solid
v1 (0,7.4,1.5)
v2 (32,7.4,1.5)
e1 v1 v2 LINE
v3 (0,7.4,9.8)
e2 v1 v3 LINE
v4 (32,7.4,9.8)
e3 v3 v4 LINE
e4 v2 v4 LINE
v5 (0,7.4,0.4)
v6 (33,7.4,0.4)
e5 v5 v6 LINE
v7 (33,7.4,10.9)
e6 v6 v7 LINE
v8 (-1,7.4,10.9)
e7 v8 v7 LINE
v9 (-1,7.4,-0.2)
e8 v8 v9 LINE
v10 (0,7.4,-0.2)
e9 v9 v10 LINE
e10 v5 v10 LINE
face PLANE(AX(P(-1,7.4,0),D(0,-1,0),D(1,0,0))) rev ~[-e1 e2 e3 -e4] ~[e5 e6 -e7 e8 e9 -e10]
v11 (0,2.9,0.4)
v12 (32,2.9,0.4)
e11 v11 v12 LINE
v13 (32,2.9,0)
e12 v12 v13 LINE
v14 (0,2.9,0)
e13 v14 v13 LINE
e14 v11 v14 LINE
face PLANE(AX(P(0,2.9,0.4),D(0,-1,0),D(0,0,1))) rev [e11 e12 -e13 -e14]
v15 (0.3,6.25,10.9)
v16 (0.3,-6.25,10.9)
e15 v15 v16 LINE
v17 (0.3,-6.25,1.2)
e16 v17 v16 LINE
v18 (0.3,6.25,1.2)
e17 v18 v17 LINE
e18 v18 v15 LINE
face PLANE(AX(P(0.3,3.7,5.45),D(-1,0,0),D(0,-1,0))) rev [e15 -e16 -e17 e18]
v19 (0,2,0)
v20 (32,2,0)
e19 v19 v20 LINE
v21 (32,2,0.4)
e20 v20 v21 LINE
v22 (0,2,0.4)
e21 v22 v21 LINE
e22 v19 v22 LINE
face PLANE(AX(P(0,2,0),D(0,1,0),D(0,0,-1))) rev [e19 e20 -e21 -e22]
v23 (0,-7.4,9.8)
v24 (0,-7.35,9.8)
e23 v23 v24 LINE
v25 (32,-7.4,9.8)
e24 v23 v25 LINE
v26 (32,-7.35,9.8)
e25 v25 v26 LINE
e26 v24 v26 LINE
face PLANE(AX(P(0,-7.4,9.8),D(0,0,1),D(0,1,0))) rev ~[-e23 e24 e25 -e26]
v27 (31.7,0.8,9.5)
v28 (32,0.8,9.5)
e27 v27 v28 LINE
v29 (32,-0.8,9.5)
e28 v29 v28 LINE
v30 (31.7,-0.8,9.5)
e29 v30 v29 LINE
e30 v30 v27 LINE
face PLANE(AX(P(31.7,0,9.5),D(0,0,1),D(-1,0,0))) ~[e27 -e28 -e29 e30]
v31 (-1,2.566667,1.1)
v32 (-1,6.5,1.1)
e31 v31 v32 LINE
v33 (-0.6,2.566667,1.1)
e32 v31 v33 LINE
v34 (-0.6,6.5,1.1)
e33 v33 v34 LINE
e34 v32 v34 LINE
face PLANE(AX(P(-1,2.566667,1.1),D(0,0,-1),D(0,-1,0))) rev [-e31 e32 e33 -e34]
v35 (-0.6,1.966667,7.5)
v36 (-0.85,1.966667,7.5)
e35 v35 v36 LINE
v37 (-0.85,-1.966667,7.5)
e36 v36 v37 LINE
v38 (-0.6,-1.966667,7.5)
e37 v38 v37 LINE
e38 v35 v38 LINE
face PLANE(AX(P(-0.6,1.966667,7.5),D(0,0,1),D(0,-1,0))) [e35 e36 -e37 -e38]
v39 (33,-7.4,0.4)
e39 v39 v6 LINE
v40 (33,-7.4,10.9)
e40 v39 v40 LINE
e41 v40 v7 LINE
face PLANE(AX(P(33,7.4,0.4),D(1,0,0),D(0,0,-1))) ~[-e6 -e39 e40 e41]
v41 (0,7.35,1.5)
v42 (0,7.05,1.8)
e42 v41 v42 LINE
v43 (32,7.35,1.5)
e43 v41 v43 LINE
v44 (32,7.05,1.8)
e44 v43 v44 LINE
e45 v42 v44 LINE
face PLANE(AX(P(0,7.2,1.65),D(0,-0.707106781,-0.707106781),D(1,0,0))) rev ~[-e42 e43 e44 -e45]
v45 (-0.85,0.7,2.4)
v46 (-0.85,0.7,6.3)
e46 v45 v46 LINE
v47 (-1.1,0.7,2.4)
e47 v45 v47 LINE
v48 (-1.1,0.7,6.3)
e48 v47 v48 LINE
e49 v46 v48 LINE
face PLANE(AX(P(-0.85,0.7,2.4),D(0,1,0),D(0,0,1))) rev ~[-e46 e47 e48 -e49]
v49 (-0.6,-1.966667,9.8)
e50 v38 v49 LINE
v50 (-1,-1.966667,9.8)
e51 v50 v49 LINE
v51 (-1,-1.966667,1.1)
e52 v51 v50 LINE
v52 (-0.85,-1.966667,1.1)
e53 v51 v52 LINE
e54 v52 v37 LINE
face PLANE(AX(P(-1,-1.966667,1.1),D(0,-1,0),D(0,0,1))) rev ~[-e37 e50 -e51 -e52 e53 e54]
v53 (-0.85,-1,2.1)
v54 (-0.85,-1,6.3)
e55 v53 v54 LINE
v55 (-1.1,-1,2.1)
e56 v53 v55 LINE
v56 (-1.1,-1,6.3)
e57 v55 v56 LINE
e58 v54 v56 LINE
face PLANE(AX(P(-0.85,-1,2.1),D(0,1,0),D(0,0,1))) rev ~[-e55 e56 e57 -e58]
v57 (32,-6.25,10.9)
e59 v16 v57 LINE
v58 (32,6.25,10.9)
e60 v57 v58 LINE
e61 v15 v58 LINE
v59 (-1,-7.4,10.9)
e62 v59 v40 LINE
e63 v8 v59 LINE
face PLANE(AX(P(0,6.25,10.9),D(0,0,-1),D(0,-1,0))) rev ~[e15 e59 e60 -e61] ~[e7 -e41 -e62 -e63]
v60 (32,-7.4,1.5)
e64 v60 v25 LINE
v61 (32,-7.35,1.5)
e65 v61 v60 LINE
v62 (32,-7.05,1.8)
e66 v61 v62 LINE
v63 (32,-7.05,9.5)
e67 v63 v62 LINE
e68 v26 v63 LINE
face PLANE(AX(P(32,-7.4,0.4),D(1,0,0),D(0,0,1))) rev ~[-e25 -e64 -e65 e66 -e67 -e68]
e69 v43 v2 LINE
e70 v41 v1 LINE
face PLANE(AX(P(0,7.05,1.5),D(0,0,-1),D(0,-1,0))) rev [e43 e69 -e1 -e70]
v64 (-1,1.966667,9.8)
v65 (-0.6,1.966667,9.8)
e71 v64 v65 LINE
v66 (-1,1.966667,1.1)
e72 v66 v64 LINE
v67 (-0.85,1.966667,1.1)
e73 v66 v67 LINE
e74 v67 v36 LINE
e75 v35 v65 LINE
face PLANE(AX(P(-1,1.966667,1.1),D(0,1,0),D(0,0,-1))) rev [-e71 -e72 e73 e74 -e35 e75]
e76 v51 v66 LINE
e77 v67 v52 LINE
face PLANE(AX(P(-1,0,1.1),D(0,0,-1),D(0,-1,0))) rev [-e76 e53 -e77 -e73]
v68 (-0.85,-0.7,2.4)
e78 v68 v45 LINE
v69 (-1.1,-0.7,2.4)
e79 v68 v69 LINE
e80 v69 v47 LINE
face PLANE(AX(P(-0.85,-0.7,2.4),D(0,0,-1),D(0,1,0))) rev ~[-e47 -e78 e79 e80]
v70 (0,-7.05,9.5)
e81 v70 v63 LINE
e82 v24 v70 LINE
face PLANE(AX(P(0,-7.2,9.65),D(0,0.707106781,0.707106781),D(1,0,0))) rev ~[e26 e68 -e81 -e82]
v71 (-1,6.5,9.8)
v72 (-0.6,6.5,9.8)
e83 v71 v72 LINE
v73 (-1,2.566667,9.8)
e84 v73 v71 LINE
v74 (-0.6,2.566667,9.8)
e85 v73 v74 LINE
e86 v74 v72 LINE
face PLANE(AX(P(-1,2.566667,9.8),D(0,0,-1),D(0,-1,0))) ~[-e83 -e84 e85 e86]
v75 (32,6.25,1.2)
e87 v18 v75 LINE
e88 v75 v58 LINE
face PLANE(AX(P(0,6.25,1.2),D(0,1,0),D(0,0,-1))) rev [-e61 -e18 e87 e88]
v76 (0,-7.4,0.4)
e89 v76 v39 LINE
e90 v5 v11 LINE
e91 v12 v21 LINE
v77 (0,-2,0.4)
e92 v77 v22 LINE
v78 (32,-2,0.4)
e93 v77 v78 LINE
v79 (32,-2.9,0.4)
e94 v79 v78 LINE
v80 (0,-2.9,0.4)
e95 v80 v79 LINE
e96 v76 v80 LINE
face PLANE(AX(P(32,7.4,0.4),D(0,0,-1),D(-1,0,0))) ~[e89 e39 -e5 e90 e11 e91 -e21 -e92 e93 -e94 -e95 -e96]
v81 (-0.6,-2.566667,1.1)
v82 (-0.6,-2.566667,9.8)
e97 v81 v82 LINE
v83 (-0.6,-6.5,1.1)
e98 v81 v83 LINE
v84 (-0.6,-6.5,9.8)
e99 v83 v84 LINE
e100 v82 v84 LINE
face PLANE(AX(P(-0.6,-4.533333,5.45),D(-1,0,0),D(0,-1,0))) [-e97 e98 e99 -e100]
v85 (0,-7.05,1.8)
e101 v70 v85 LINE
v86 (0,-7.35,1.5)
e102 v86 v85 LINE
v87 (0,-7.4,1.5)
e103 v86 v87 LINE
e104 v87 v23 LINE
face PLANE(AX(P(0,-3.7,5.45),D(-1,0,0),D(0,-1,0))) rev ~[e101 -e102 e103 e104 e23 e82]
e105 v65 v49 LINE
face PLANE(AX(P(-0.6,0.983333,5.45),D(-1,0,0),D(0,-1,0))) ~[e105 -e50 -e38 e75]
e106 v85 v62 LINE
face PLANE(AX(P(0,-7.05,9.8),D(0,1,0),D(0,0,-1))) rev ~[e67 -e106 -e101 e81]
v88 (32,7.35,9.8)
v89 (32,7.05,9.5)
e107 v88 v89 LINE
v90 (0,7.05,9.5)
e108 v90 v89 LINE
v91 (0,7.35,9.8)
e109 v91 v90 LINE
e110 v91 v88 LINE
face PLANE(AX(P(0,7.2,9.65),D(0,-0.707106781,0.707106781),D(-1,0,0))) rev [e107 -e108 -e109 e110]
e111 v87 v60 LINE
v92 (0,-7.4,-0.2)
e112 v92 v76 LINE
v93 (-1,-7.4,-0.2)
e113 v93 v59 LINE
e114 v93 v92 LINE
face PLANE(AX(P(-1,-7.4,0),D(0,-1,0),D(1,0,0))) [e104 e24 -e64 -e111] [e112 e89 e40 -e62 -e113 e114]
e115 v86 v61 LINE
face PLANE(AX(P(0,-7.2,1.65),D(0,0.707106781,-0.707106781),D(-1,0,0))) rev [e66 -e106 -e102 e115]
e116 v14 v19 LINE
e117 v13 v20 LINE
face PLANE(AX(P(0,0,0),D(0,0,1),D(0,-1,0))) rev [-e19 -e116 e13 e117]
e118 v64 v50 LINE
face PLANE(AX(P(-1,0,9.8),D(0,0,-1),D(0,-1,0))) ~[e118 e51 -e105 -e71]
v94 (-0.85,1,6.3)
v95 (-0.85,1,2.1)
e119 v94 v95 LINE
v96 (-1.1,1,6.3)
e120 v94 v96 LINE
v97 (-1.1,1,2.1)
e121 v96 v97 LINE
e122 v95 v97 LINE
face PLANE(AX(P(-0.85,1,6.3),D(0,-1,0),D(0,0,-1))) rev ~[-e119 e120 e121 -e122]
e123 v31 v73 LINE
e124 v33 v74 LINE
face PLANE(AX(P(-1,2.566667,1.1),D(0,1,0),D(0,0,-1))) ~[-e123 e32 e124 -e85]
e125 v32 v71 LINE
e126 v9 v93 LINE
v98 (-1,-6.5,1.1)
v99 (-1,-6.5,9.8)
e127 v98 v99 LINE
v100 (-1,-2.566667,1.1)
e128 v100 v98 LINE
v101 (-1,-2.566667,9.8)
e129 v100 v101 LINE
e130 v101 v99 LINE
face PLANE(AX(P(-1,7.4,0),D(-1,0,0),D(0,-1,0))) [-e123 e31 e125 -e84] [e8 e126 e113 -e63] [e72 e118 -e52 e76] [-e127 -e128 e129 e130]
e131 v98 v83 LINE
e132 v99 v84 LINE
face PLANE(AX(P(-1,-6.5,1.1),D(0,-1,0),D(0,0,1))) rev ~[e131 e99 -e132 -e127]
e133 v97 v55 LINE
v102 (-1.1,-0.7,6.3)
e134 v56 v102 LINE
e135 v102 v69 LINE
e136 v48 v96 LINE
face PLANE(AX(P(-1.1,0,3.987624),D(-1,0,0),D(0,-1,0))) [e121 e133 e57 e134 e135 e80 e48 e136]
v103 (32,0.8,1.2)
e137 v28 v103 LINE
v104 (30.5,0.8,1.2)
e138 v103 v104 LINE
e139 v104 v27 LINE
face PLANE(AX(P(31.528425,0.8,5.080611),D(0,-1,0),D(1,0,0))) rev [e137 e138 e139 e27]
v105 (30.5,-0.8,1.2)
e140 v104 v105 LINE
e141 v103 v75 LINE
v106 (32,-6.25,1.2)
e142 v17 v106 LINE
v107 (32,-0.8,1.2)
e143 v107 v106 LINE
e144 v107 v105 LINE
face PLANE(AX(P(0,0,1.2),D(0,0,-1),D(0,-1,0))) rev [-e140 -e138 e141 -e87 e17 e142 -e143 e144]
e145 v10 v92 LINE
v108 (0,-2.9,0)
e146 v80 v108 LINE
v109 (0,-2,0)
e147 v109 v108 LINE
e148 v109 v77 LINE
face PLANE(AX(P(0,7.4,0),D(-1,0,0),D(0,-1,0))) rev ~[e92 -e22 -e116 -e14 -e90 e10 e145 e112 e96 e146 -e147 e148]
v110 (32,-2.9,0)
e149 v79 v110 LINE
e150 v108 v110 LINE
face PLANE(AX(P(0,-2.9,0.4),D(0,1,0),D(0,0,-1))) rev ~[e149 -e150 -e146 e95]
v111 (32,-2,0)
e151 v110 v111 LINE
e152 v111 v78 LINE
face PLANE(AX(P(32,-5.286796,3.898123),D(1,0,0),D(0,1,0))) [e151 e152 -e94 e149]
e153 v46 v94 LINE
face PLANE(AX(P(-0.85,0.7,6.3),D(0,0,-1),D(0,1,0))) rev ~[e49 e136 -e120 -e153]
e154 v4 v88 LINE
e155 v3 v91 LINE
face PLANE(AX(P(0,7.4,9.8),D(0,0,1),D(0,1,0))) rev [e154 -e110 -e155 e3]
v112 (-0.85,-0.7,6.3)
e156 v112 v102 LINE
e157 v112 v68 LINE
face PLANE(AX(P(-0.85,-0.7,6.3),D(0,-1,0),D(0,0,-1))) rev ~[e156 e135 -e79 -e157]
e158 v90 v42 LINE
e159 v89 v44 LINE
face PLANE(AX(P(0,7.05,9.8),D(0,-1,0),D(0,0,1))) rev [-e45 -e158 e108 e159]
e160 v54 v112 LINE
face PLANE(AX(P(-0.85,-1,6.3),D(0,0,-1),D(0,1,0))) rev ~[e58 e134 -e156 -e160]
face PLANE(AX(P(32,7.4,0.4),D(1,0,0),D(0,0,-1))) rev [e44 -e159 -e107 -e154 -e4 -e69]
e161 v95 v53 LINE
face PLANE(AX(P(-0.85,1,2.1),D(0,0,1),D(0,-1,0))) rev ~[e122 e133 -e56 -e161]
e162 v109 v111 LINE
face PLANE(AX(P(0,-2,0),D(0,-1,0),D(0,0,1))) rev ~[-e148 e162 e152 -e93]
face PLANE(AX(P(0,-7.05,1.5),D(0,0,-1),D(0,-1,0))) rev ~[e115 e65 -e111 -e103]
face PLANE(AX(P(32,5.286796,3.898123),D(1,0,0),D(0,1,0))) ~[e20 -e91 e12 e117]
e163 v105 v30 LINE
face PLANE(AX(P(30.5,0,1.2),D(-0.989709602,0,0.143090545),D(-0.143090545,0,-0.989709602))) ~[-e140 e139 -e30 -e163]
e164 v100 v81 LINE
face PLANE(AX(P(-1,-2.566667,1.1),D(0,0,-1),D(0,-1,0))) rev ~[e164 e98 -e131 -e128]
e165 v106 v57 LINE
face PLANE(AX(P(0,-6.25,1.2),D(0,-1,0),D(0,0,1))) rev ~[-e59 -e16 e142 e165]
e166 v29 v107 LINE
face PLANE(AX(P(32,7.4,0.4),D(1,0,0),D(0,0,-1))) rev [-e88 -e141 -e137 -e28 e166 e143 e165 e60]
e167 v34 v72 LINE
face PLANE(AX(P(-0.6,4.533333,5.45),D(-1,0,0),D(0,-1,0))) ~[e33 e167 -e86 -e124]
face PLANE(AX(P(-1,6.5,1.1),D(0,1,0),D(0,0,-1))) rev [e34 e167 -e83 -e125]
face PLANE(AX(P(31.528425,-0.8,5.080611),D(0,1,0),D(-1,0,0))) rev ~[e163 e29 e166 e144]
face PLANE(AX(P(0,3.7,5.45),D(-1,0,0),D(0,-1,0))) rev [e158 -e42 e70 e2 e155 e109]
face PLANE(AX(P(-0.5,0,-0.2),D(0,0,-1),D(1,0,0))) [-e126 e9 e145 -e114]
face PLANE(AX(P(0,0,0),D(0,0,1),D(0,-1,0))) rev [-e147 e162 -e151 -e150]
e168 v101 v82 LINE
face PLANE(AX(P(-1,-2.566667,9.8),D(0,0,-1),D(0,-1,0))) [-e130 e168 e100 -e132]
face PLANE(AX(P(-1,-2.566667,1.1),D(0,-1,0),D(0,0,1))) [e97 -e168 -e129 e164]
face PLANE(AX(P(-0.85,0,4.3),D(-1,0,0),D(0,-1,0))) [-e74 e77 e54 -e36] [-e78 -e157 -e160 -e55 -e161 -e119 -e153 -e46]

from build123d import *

# Parameters (mm, degrees)
F1_DEPTH  = 32
F2_W      = 1
F2_H      = 10.5
F3_DEPTH  = 7.4
F4_W      = 7.4
F4_H      = 10.9
F5_DEPTH  = 1
F6_W      = 3.9333333333
F6_H      = 8.7
F6_W_2    = 1.9666666667
F7_DEPTH  = 0.4
F8_SIZE   = 0.3
F10_DEPTH = 0.8
F12_W     = 1
F12_H     = 14.8
F13_DEPTH = 0.2
F14_DEPTH = 0.3
F15_W     = 3.9333333333
F15_H     = 6.4
F16_DEPTH = 0.25
F18_DEPTH = 0.25


with BuildPart() as f1:
    # F0 (on Right) → F1 (new body)
    with BuildSketch(Plane.YZ):
        Polygon((-6.25, 10.9), (-7.4, 10.9), (-7.4, 9.8), (-7.05, 9.8), (-7.05, 1.5), (-7.4, 1.5), (-7.4, 0.4), (-2.9, 0.4), (-2.9, 0), (-2, 0), (-2, 0.4), (0, 0.4), (0, 1.2), (-6.25, 1.2), align=None)
    extrude(amount=F1_DEPTH)

    # F2 (on face) → F3 (join, through all)
    with BuildSketch(Plane.XZ.offset(7.4)):
        with Locations((32.5, 5.65)):
            Rectangle(F2_W, F2_H)
    extrude(amount=-F3_DEPTH)

    # F4 (on face) → F5 (join)
    with BuildSketch(Plane(origin=(0, 0, 0), x_dir=(0, -1, 0), z_dir=(-1, 0, 0))):
        with Locations((3.7, 5.45)):
            Rectangle(F4_W, F4_H)
    extrude(amount=F5_DEPTH)

    # F6 (on face) → F7 (cut)
    with BuildSketch(Plane(origin=(-1, 0, 0), x_dir=(0, -1, 0), z_dir=(-1, 0, 0))):
        with Locations((4.5333333333, 5.45)):
            Rectangle(F6_W, F6_H)
        with Locations((0.9833333333, 5.45)):
            Rectangle(F6_W_2, F6_H)
    extrude(amount=-F7_DEPTH, mode=Mode.SUBTRACT)

    # F8
    f8_edges = [f1.edges().sort_by_distance(p)[0] for p in [
        (16, -7.05, 1.5),
        (16, -7.05, 9.8),
    ]]
    chamfer(f8_edges, length=F8_SIZE)

    # F9 (on face) → F10 (join)
    with BuildSketch(Plane(origin=(0, 0, 0), x_dir=(-1, 0, 0), z_dir=(0, 1, 0))):
        Polygon((-32, 9.5), (-32, 1.2), (-30.5, 1.2), (-31.7, 9.5), align=None)
    extrude(amount=-F10_DEPTH)

    # F11: F1 across face


with BuildPart() as f1_1:
    add(f1.part)
    add(f1.part.mirror(Plane(origin=(19.2854383212, 0, 3.0068542852), x_dir=(-1, 0, 0), z_dir=(0, 1, 0))))

    # F12 (on face) → F13 (join)
    with BuildSketch(Plane(origin=(0, 0, 0), x_dir=(1, 0, 0), z_dir=(0, 0, -1))):
        with Locations((-0.5, 0)):
            Rectangle(F12_W, F12_H)
    extrude(amount=F13_DEPTH)

    # F14 (add): a face of the model
    f14_faces = [f1_1.faces().sort_by_distance(p)[0] for p in [
        (0, 0, 6.05),
    ]]
    extrude(f14_faces, amount=F14_DEPTH)

    # F15 (on face) → F16 (join)
    with BuildSketch(Plane(origin=(-0.6, 0, 0), x_dir=(0, -1, 0), z_dir=(-1, 0, 0))):
        with Locations((0, 4.3)):
            Rectangle(F15_W, F15_H)
    extrude(amount=F16_DEPTH)

    # F17 (on face) → F18 (join)
    with BuildSketch(Plane(origin=(-0.85, 0, 0), x_dir=(0, -1, 0), z_dir=(-1, 0, 0))):
        Polygon((-0.7, 6.3), (-1, 6.3), (-1, 2.1), (1, 2.1), (1, 6.3), (0.7, 6.3), (0.7, 2.4), (-0.7, 2.4), align=None)
    extrude(amount=F18_DEPTH)


solid = f1_1.part
